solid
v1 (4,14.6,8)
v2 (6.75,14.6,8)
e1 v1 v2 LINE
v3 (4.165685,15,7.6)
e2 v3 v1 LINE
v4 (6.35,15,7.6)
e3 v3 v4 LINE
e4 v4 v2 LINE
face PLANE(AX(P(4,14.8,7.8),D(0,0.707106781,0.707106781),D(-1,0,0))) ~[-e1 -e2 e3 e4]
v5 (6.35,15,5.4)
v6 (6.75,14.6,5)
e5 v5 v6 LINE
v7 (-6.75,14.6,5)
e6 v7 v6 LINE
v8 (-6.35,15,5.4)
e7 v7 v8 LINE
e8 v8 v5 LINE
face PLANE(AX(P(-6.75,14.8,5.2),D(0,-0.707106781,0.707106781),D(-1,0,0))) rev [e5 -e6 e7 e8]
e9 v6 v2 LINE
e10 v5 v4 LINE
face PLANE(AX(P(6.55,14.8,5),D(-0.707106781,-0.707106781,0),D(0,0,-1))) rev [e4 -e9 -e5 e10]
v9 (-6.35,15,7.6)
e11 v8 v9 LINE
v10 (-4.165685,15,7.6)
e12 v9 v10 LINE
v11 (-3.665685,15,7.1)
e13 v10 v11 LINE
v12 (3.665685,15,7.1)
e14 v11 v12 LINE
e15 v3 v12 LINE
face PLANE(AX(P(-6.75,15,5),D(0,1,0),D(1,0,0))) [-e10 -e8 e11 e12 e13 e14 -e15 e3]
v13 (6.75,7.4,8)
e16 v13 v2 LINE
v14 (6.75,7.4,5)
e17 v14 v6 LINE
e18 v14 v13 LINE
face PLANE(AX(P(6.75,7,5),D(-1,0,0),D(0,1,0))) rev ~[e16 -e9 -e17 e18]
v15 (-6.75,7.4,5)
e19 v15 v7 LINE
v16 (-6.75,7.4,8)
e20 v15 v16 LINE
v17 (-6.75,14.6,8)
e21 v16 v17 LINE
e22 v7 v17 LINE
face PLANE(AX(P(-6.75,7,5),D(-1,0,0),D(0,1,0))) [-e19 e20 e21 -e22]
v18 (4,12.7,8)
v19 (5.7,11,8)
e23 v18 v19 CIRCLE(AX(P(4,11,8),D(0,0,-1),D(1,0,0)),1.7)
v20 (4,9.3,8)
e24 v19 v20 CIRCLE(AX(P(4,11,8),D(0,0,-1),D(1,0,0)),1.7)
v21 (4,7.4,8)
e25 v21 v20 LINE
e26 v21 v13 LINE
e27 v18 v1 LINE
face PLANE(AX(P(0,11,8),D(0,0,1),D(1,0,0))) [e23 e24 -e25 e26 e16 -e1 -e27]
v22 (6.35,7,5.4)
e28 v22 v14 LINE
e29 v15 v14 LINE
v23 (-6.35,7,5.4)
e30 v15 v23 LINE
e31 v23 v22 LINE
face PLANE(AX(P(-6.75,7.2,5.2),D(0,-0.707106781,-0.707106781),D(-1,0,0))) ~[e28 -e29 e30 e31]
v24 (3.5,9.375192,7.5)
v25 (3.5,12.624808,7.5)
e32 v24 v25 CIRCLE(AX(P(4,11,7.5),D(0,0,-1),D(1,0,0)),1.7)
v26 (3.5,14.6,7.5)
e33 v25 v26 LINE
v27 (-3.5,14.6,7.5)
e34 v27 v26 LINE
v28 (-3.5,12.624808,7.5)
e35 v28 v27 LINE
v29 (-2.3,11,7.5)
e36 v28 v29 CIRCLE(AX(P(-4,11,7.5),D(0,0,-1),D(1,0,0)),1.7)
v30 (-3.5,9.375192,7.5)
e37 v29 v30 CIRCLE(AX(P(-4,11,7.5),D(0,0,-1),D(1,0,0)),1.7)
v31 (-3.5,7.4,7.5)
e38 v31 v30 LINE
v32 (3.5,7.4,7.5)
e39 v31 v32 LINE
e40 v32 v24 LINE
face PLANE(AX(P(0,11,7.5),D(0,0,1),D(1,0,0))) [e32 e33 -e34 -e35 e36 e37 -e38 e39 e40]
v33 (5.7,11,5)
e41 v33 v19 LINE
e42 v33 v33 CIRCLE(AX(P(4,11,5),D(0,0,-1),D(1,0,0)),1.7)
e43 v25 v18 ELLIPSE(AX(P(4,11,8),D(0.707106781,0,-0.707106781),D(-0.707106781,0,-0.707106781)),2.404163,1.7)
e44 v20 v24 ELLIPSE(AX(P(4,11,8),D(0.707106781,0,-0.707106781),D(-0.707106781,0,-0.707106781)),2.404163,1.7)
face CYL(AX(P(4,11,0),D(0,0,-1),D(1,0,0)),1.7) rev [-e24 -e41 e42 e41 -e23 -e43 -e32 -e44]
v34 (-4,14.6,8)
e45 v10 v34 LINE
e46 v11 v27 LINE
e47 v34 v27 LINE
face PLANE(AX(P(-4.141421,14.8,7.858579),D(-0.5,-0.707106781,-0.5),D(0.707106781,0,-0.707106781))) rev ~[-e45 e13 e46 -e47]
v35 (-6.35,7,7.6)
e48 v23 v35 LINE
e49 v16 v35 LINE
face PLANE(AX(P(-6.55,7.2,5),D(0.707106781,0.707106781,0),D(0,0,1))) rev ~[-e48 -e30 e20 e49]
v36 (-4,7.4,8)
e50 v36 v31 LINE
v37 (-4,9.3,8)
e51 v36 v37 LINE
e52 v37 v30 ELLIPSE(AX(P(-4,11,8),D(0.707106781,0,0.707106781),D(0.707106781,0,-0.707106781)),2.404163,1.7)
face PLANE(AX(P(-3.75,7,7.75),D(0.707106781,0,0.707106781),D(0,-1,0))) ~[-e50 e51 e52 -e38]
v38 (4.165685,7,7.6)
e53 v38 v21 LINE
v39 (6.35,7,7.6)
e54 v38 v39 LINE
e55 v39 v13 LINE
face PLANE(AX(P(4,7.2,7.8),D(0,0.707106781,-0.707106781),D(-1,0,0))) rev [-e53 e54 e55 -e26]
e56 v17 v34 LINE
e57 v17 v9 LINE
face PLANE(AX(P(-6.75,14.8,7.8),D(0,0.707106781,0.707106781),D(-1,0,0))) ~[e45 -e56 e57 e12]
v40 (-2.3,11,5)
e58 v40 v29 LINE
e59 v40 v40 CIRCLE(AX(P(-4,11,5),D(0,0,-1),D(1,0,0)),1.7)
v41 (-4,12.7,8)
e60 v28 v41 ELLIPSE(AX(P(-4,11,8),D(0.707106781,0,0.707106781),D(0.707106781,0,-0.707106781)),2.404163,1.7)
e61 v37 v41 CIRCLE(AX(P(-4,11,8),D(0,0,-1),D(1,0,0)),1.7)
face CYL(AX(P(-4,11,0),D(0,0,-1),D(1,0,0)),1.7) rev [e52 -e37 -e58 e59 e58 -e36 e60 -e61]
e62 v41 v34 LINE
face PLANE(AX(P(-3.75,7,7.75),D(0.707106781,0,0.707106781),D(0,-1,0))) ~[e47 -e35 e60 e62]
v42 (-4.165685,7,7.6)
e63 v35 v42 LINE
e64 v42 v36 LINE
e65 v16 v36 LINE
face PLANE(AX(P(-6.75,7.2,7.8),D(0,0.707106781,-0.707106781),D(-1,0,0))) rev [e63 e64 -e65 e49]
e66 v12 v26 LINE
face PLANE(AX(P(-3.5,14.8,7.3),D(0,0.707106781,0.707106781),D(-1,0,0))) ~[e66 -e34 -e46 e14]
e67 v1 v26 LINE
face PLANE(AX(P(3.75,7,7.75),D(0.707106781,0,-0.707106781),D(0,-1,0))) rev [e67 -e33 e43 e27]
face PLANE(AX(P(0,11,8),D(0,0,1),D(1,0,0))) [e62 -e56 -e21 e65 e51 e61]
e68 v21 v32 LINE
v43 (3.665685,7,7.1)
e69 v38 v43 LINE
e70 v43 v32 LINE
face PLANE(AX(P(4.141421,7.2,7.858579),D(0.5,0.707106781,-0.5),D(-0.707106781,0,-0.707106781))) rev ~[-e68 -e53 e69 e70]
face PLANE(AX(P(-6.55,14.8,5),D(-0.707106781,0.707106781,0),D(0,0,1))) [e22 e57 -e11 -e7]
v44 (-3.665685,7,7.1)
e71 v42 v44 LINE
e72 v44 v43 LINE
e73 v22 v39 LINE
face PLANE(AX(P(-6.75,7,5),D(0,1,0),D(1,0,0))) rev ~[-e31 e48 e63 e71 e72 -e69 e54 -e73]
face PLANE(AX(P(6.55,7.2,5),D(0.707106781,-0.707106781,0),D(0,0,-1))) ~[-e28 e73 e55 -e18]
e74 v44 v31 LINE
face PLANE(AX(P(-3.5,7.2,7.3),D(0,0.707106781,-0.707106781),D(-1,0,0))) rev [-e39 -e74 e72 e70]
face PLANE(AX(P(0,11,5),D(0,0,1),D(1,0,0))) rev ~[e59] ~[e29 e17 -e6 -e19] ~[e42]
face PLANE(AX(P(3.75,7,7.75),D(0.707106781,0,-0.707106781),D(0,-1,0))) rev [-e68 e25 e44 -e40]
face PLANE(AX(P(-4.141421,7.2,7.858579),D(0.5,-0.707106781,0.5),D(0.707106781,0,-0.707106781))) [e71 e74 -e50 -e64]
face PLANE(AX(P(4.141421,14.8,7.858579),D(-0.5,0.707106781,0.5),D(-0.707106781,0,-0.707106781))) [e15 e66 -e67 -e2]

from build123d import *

# Parameters (mm, degrees)
CYLINDER003_R     = 1.7
CYLINDER003_DEPTH = 10
CYLINDER002_R     = 1.7
CYLINDER002_DEPTH = 10
BOX003_W          = 8
BOX003_H          = 8
BOX003_DEPTH      = 1.5
CHAMFER001_SIZE   = 0.5
BOX002_W          = 13.5
BOX002_H          = 8
BOX002_DEPTH      = 3
CHAMFER004_SIZE   = 0.4


with BuildPart() as cylinder003:
    # Cylinder003 → Cylinder003 (new body)
    with BuildSketch(Plane(origin=(-4, 11, 0), x_dir=(1, 0, 0), z_dir=(0, 0, 1))):
        Circle(CYLINDER003_R)
    extrude(amount=CYLINDER003_DEPTH)


with BuildPart() as fusion002:
    # Cylinder002 → Cylinder002 (new body)
    with BuildSketch(Plane(origin=(4, 11, 0), x_dir=(1, 0, 0), z_dir=(0, 0, 1))):
        Circle(CYLINDER002_R)
    extrude(amount=CYLINDER002_DEPTH)

    # Fusion002: union Cylinder003
    add(cylinder003.part)


with BuildPart() as chamfer001:
    # Box003 → Box003 (new body)
    with BuildSketch(Plane(origin=(-4, 7, 7.5), x_dir=(1, 0, 0), z_dir=(0, 0, 1))):
        with Locations((4, 4)):
            Rectangle(BOX003_W, BOX003_H)
    extrude(amount=BOX003_DEPTH)

    # Chamfer001
    chamfer001_edges = [chamfer001.edges().sort_by_distance(p)[0] for p in [
        (-4, 11, 7.5),
        (4, 11, 7.5),
    ]]
    chamfer(chamfer001_edges, length=CHAMFER001_SIZE)


with BuildPart() as chamfer004:
    # Box002 → Box002 (new body)
    with BuildSketch(Plane(origin=(-6.75, 7, 5), x_dir=(1, 0, 0), z_dir=(0, 0, 1))):
        with Locations((6.75, 4)):
            Rectangle(BOX002_W, BOX002_H)
    extrude(amount=BOX002_DEPTH)

    # Cut002008023012009006003002006002006002004004003: cut Chamfer001
    add(chamfer001.part, mode=Mode.SUBTRACT)

    # Cut002008023012009006003002006002006002004004004: cut Fusion002
    add(fusion002.part, mode=Mode.SUBTRACT)

    # Chamfer004
    chamfer004_edges = [chamfer004.edges().sort_by_distance(p)[0] for p in [
        (-6.75, 7, 6.5),
        (-6.75, 15, 6.5),
        (6.75, 7, 6.5),
        (5.375, 7, 8),
        (3.75, 7, 7.75),
        (0, 7, 7.5),
        (-3.75, 7, 7.75),
        (-5.375, 7, 8),
        (0, 7, 5),
        (-5.375, 15, 8),
        (6.75, 15, 6.5),
        (5.375, 15, 8),
        (3.75, 15, 7.75),
        (0, 15, 7.5),
        (-3.75, 15, 7.75),
        (0, 15, 5),
    ]]
    chamfer(chamfer004_edges, length=CHAMFER004_SIZE)


solid = chamfer004.part
